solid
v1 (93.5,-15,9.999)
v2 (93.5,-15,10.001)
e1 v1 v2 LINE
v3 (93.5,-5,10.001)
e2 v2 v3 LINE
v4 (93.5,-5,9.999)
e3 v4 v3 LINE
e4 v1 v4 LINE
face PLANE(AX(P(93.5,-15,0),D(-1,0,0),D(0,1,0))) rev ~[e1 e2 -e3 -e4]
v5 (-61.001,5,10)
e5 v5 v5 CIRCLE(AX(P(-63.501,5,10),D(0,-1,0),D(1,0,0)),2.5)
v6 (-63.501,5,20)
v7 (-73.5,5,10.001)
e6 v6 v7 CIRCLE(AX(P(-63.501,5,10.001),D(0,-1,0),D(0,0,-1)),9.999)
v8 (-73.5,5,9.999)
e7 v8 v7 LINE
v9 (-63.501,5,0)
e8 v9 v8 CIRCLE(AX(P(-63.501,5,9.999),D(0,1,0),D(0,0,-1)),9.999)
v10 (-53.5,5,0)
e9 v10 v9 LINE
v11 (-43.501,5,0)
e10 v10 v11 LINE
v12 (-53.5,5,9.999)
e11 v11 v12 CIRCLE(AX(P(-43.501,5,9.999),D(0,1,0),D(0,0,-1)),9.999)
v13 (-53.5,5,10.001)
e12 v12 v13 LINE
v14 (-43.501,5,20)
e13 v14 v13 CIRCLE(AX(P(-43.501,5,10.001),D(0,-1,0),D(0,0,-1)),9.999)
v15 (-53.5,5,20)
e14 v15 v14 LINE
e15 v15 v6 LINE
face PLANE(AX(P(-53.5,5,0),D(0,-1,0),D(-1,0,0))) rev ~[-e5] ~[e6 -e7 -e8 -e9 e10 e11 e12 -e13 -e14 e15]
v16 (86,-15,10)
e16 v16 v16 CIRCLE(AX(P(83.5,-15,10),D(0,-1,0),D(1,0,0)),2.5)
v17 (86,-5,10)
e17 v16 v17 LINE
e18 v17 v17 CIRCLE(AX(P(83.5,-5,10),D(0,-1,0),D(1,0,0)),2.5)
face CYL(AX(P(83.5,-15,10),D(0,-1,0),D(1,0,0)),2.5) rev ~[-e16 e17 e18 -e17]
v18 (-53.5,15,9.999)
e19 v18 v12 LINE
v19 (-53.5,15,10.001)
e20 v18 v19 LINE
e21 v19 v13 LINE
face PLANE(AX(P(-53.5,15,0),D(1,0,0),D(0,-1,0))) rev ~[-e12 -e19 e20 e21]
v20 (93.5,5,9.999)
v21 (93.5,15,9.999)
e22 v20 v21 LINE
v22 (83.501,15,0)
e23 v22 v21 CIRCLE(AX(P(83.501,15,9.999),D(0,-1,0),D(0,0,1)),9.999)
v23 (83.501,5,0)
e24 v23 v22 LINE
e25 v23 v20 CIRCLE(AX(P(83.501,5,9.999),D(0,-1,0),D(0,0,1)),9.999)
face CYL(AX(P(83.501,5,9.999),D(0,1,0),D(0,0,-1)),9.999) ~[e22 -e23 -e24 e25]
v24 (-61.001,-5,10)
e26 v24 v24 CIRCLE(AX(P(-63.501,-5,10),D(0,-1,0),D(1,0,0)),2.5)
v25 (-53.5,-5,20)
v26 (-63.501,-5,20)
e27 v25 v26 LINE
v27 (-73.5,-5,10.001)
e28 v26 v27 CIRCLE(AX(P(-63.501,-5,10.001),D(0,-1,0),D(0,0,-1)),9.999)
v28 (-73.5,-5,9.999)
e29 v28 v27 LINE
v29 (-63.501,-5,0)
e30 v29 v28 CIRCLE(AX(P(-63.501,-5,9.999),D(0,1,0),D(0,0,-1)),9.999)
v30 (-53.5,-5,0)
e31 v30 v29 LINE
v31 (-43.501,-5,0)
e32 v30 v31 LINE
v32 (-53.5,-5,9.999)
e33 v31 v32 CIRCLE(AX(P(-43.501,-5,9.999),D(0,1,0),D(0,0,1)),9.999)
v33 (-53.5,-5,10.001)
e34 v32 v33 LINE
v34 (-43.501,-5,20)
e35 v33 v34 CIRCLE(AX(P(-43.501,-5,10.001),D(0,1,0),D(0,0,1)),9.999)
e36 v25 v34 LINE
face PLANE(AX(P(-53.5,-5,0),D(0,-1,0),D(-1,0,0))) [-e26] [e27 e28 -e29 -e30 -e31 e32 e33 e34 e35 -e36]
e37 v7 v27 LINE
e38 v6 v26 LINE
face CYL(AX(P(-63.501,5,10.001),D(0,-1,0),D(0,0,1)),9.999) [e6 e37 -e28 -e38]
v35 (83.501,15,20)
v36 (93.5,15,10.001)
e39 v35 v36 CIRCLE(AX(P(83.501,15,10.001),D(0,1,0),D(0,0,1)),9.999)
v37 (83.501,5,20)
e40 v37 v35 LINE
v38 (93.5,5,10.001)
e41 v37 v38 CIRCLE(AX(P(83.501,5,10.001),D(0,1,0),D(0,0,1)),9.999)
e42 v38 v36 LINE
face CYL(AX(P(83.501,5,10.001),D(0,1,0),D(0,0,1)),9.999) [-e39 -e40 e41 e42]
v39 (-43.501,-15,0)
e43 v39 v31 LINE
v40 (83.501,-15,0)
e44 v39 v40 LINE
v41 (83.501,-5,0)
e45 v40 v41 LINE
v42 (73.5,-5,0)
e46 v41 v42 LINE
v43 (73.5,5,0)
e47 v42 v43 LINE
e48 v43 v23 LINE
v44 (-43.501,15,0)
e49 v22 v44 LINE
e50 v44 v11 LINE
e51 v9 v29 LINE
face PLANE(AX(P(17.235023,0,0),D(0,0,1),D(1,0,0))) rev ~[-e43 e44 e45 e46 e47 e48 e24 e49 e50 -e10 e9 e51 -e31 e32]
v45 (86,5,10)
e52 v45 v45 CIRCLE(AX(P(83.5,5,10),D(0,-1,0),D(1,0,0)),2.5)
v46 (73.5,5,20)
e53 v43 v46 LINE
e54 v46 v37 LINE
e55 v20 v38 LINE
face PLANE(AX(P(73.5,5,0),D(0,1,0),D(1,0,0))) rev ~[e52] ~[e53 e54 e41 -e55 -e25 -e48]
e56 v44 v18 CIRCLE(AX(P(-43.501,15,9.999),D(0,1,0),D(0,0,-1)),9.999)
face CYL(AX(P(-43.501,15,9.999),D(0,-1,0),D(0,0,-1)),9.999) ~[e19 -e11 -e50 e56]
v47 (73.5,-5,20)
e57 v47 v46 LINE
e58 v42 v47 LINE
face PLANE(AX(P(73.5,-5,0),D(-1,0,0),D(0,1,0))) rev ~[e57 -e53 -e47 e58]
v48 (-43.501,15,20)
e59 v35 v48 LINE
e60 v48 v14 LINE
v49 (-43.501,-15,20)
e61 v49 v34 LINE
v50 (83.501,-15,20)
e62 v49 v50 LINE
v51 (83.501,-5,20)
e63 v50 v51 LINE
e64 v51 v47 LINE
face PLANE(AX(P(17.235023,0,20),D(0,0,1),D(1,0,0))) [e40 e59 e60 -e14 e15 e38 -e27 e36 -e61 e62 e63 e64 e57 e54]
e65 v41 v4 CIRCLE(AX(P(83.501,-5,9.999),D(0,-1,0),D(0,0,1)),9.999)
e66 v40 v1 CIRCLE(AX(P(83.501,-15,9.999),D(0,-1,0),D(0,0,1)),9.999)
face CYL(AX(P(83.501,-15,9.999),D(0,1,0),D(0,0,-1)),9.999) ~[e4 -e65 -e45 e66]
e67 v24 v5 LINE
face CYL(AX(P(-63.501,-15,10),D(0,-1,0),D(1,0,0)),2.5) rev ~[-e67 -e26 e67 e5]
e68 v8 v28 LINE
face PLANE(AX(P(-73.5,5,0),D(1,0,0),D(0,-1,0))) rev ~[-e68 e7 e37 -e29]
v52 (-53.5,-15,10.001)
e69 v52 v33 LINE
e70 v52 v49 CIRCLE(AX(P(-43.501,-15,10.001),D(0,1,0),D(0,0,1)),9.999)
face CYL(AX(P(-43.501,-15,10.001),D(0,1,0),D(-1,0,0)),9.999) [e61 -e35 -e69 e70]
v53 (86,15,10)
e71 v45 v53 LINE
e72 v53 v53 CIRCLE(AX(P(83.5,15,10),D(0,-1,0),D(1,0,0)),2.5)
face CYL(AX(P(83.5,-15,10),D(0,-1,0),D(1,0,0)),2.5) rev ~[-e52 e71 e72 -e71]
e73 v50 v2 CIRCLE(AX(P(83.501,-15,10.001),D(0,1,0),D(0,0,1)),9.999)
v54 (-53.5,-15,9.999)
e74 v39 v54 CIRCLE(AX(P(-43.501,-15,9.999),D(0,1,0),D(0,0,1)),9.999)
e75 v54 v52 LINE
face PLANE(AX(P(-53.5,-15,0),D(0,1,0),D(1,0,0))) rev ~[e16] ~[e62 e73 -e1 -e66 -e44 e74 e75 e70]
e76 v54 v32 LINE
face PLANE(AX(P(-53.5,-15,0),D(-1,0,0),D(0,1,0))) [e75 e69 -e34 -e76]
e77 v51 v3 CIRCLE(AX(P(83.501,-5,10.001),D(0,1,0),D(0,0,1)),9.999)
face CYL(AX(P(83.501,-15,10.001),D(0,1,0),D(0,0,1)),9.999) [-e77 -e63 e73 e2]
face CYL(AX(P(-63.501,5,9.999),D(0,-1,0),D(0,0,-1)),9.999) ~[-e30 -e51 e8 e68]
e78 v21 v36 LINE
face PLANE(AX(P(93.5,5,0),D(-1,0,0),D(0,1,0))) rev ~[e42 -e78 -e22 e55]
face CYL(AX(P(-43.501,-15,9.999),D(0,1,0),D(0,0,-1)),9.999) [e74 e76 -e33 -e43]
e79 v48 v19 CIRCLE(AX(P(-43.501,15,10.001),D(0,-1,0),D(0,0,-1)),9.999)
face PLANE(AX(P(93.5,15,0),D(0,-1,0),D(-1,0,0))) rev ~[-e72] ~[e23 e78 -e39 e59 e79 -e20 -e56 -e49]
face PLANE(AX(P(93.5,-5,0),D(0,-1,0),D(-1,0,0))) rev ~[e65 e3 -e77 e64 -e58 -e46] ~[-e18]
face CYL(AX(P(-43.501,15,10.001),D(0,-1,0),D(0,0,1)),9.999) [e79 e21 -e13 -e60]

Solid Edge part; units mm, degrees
sketch "Sketch1" plane through (0, 0, 0) normal (0, 0, 1) x (1, 0, 0)
  line L0 (-53.5, -15) -> (93.5, -15)
  line L1 (93.5, -15) -> (93.5, -5)
  line L2 (93.5, -5) -> (73.5, -5)
  line L3 (73.5, -5) -> (73.5, 5)
  line L4 (73.5, 5) -> (93.5, 5)
  line L5 (93.5, 5) -> (93.5, 15)
  line L6 (93.5, 15) -> (-53.5, 15)
  line L7 (-53.5, 15) -> (-53.5, 5)
  line L8 (-53.5, 5) -> (-73.5, 5)
  line L9 (-73.5, 5) -> (-73.5, -5)
  line L10 (-53.5, -5) -> (-73.5, -5)
  line L11 (-53.5, -15) -> (-53.5, -5)
extrude "Protrusion1" add sketch "Sketch1" along normal blind 20
sketch "Sketch2" plane through (0, -15, 10) normal (0, -1, 0) x (1, 0, 0)
  circle A0 centre (83.5, 0) radius 2.5
  circle A1 centre (-63.501, 0) radius 2.5
  dimension "D1" = 10
  dimension "D2" = 5
  dimension "D3" = 5
  dimension "D4" = 9.999
extrude "Cutout1" cut sketch "Sketch2" against normal through all
fillet "Redondeo_1" radius 10 6 edges at (-73.5, 0, 20) (93.5, -10, 20) (93.5, -10, 0) (-73.5, 0, 0) (93.5, 10, 20) (93.5, 10, 0)
fillet "Redondeo_2" radius 10 4 edges at (-53.5, -10, 20) (-53.5, 10, 20) (-53.5, 10, 0) (-53.5, -10, 0)
